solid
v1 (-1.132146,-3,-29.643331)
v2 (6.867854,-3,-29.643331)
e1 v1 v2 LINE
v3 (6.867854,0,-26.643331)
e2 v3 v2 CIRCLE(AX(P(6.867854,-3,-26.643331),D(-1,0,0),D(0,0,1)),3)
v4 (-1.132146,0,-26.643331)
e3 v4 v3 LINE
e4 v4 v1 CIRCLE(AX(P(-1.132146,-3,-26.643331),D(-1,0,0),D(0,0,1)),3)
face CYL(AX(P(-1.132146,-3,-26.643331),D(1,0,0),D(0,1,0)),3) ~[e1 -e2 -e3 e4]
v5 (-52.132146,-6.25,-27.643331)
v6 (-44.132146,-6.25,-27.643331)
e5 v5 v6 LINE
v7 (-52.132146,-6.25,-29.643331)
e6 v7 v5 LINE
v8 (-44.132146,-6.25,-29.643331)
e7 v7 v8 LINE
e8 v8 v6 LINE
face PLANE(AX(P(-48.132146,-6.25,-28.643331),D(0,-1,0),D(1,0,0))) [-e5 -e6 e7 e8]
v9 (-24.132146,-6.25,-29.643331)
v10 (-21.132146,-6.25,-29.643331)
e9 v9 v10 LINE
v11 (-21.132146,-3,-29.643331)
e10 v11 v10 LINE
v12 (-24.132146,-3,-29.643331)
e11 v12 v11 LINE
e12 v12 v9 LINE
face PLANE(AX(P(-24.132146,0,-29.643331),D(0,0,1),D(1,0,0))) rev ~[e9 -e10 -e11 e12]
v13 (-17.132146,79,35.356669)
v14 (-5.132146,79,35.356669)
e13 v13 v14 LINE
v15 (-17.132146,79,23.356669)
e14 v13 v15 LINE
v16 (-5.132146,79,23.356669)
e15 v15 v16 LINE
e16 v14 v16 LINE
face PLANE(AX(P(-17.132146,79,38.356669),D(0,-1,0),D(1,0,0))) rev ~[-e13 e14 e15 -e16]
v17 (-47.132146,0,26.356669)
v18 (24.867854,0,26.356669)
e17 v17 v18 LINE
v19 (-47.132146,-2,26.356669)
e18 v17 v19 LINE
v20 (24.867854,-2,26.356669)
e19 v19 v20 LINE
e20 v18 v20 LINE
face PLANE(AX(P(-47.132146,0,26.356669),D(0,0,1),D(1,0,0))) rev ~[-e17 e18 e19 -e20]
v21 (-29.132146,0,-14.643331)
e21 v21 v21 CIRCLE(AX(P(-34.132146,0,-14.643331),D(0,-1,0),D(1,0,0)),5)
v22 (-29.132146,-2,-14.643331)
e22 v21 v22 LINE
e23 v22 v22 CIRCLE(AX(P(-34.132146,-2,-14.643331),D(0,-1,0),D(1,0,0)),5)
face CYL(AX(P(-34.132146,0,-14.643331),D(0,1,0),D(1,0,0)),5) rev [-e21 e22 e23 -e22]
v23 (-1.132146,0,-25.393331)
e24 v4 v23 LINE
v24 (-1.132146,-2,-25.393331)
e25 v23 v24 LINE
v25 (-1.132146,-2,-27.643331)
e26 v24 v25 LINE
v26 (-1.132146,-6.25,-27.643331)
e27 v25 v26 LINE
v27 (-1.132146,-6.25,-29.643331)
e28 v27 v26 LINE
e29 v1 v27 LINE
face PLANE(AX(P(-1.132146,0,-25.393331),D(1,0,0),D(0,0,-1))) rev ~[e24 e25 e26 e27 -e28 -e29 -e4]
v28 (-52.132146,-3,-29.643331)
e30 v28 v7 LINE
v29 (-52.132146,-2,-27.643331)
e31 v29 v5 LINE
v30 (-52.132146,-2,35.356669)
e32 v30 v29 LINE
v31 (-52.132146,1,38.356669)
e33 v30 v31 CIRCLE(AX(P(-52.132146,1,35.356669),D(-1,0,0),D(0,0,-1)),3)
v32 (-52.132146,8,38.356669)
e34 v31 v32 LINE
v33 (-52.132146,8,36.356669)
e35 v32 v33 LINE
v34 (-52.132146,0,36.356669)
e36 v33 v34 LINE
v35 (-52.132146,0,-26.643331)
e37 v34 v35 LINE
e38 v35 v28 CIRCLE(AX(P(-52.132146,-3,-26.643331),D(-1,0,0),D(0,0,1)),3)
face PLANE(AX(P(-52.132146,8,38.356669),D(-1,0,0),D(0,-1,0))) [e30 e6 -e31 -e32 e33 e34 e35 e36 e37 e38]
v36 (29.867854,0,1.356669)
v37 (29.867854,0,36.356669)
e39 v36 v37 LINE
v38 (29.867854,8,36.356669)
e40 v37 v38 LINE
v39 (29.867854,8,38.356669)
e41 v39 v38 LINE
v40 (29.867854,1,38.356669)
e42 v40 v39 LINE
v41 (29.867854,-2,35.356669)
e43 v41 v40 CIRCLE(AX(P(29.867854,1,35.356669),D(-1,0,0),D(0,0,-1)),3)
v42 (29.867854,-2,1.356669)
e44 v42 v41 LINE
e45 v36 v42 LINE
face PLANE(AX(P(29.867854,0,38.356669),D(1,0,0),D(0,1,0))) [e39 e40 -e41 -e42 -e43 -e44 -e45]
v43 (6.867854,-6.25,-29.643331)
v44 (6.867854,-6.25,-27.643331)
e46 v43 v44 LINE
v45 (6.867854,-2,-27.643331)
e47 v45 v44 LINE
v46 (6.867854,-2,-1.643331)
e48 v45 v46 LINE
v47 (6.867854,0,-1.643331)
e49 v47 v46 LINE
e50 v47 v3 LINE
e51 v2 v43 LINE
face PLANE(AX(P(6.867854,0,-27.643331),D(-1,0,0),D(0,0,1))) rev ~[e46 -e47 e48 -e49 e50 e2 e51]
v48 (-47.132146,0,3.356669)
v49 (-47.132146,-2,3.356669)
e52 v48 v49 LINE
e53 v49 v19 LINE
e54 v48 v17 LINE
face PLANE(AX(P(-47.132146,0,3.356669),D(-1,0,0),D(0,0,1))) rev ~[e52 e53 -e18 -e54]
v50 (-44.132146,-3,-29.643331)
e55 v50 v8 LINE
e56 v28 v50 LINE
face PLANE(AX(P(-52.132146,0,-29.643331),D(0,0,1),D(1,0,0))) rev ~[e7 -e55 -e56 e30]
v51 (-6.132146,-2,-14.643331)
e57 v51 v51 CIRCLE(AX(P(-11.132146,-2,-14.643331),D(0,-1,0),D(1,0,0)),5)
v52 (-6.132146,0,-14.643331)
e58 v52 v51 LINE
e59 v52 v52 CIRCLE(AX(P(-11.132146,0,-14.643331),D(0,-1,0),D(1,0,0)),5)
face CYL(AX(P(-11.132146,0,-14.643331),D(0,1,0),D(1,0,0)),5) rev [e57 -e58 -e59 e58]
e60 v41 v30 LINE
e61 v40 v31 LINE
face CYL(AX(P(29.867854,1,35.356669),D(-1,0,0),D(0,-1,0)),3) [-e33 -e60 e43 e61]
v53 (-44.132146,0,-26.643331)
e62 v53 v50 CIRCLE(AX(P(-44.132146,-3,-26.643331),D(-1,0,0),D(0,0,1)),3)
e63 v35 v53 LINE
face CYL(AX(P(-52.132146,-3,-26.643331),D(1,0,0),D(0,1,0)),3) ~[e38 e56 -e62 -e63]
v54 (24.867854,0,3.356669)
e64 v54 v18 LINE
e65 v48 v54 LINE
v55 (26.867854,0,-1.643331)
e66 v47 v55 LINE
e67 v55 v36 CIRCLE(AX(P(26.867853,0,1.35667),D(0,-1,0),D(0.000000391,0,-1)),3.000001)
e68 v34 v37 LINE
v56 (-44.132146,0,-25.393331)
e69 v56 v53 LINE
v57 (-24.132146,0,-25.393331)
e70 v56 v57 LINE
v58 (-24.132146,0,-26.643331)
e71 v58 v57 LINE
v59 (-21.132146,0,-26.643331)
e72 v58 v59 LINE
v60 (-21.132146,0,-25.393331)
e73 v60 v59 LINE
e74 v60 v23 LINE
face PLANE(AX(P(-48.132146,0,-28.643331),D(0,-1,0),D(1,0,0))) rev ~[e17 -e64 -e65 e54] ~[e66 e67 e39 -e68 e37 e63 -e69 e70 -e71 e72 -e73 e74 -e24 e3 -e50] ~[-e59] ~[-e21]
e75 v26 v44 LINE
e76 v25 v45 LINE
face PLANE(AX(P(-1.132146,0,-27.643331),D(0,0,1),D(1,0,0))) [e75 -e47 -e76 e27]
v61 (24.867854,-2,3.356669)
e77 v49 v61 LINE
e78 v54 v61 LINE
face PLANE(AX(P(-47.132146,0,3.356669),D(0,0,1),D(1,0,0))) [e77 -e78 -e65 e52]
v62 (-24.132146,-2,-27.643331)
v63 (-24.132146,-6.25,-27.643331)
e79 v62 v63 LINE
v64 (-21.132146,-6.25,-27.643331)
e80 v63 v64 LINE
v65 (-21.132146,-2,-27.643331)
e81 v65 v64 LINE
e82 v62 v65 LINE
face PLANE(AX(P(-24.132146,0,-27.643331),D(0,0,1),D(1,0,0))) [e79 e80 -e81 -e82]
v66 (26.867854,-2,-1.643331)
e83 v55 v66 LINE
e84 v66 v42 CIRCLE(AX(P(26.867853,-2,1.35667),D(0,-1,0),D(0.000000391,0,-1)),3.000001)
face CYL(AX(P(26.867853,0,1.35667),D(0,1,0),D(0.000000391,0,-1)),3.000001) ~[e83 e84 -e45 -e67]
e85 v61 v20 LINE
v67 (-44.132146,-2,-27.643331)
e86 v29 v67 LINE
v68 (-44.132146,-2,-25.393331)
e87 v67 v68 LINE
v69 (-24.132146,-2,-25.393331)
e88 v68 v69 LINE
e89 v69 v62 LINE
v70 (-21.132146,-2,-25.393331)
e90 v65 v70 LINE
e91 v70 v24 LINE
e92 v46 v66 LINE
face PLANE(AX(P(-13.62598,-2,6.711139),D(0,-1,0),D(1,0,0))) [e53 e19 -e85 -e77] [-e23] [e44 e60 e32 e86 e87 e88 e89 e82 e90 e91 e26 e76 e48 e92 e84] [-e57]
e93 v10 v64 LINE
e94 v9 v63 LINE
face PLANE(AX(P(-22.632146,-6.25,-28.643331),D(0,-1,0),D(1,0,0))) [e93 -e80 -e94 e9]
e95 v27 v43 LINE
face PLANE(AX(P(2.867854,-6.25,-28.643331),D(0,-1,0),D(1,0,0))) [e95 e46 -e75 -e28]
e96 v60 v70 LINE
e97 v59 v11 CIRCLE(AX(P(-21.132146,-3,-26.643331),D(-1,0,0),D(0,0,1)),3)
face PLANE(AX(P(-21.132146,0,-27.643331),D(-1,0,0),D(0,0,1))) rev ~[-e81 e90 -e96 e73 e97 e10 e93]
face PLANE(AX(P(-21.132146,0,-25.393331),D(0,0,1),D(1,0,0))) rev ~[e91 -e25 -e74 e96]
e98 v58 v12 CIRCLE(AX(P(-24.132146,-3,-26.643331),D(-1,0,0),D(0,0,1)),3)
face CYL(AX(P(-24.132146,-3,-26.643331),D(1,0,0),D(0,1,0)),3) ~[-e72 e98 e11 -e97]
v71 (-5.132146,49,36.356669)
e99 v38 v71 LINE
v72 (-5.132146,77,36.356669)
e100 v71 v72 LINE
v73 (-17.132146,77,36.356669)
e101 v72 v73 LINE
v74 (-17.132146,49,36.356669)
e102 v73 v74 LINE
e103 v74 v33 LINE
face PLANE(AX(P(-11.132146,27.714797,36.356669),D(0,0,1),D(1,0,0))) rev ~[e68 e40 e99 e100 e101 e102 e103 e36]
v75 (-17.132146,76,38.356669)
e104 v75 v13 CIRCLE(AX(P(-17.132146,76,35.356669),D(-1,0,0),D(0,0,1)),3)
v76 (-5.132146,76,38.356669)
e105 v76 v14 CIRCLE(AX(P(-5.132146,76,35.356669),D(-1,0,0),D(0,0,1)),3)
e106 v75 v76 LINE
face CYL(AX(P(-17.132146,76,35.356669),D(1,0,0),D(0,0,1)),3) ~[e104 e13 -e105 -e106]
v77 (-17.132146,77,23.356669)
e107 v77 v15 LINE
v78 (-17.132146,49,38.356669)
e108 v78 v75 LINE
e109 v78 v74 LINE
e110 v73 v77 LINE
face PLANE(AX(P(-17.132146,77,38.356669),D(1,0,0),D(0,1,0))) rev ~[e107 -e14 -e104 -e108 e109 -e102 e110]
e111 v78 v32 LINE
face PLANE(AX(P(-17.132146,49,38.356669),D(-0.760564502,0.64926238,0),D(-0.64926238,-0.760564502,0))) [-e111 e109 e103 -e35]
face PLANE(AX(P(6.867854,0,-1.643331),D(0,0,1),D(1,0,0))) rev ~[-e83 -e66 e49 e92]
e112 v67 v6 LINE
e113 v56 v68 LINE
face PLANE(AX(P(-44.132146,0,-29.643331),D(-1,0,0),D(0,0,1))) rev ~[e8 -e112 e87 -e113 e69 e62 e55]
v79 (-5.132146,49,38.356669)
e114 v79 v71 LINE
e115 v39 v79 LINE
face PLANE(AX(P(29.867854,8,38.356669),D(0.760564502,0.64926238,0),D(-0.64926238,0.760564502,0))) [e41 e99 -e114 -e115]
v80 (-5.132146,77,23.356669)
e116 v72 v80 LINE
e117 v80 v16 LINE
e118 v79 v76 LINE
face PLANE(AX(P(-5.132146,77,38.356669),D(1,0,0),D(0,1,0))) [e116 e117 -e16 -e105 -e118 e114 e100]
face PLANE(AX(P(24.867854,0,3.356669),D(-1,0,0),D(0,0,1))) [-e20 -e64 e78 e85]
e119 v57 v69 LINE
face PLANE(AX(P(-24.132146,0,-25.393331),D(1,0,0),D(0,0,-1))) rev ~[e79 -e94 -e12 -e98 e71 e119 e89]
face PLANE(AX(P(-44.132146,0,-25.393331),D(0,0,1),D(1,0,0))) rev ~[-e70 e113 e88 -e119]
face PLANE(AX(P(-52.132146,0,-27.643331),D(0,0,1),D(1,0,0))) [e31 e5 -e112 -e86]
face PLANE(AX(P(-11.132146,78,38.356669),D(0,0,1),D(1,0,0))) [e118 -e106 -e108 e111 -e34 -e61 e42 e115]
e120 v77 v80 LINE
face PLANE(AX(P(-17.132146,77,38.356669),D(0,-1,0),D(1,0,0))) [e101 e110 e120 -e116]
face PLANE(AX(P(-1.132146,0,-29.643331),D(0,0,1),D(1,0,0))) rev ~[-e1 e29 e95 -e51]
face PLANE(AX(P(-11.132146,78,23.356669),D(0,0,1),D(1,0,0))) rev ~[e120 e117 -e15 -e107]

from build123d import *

# Parameters (mm, degrees)
F0_R     = 5
F0_W     = 72
F0_H     = 23
F1_DEPTH = 2
F0_W_2   = 8
F0_H_2   = 2
F0_W_3   = 3
F2_DEPTH = 6.25
F3_R     = 3
F5_DEPTH = 2
F4_W     = 12
F4_H     = 2
F6_DEPTH = 15
F7_R     = 3


with BuildPart() as f1:
    # F0 (on Front) → F1 (new body)
    with BuildSketch(Plane.XZ):
        with BuildLine():
            Line((29.867854, 38.356669), (-52.132146, 38.356669))
            Line((-52.132146, 38.356669), (-52.132146, -27.643331))
            Line((-52.132146, -27.643331), (-44.132146, -27.643331))
            Line((-44.132146, -27.643331), (-44.132146, -25.393331))
            Line((-44.132146, -25.393331), (-24.132146, -25.393331))
            Line((-24.132146, -25.393331), (-24.132146, -27.643331))
            Line((-24.132146, -27.643331), (-21.132146, -27.643331))
            Line((-21.132146, -27.643331), (-21.132146, -25.393331))
            Line((-21.132146, -25.393331), (-1.132146, -25.393331))
            Line((-1.132146, -25.393331), (-1.132146, -27.643331))
            Line((-1.132146, -27.643331), (6.867854, -27.643331))
            Line((6.867854, -27.643331), (6.867854, -1.643331))
            Line((6.867854, -1.643331), (26.867854, -1.643331))
            ThreePointArc((26.867854, -1.643331), (28.989174, -0.764651), (29.867854, 1.356669))
            Line((29.867854, 1.356669), (29.867854, 38.356669))
        make_face()
        with Locations((-34.132146, -14.643331)):
            Circle(F0_R, mode=Mode.SUBTRACT)
        with Locations((-11.132146, -14.643331)):
            Circle(F0_R, mode=Mode.SUBTRACT)
        with Locations((-11.132146, 14.856669)):
            Rectangle(F0_W, F0_H, mode=Mode.SUBTRACT)
    extrude(amount=F1_DEPTH)

    # F0 (on Front) → F2 (join)
    with BuildSketch(Plane.XZ):
        with Locations((-48.132146, -28.643331)):
            Rectangle(F0_W_2, F0_H_2)
        with Locations((-22.632146, -28.643331)):
            Rectangle(F0_W_3, F0_H_2)
        with Locations((2.867854, -28.643331)):
            Rectangle(F0_W_2, F0_H_2)
    extrude(amount=F2_DEPTH)

    # F3
    f3_edges = [f1.edges().sort_by_distance(p)[0] for p in [
        (-48.132146, 0, -29.643331),
        (-22.632146, 0, -29.643331),
        (2.867854, 0, -29.643331),
    ]]
    fillet(f3_edges, radius=F3_R)

    # F4 (on face) → F5 (join)
    with BuildSketch(Plane.XY.offset(38.356669)):
        Polygon((-52.132146, 8), (-52.132146, 0), (29.867854, 0), (29.867854, 8), (-5.132146, 49), (-5.132146, 77), (-17.132146, 77), (-17.132146, 49), align=None)
    extrude(amount=-F5_DEPTH)

    # F4 (on face) → F6 (join)
    with BuildSketch(Plane.XY.offset(38.356669)):
        with Locations((-11.132146, 78)):
            Rectangle(F4_W, F4_H)
    extrude(amount=-F6_DEPTH)

    # F7
    f7_edges = [f1.edges().sort_by_distance(p)[0] for p in [
        (-11.132146, 79, 38.356669),
        (-11.132146, -2, 38.356669),
    ]]
    fillet(f7_edges, radius=F7_R)


solid = f1.part
